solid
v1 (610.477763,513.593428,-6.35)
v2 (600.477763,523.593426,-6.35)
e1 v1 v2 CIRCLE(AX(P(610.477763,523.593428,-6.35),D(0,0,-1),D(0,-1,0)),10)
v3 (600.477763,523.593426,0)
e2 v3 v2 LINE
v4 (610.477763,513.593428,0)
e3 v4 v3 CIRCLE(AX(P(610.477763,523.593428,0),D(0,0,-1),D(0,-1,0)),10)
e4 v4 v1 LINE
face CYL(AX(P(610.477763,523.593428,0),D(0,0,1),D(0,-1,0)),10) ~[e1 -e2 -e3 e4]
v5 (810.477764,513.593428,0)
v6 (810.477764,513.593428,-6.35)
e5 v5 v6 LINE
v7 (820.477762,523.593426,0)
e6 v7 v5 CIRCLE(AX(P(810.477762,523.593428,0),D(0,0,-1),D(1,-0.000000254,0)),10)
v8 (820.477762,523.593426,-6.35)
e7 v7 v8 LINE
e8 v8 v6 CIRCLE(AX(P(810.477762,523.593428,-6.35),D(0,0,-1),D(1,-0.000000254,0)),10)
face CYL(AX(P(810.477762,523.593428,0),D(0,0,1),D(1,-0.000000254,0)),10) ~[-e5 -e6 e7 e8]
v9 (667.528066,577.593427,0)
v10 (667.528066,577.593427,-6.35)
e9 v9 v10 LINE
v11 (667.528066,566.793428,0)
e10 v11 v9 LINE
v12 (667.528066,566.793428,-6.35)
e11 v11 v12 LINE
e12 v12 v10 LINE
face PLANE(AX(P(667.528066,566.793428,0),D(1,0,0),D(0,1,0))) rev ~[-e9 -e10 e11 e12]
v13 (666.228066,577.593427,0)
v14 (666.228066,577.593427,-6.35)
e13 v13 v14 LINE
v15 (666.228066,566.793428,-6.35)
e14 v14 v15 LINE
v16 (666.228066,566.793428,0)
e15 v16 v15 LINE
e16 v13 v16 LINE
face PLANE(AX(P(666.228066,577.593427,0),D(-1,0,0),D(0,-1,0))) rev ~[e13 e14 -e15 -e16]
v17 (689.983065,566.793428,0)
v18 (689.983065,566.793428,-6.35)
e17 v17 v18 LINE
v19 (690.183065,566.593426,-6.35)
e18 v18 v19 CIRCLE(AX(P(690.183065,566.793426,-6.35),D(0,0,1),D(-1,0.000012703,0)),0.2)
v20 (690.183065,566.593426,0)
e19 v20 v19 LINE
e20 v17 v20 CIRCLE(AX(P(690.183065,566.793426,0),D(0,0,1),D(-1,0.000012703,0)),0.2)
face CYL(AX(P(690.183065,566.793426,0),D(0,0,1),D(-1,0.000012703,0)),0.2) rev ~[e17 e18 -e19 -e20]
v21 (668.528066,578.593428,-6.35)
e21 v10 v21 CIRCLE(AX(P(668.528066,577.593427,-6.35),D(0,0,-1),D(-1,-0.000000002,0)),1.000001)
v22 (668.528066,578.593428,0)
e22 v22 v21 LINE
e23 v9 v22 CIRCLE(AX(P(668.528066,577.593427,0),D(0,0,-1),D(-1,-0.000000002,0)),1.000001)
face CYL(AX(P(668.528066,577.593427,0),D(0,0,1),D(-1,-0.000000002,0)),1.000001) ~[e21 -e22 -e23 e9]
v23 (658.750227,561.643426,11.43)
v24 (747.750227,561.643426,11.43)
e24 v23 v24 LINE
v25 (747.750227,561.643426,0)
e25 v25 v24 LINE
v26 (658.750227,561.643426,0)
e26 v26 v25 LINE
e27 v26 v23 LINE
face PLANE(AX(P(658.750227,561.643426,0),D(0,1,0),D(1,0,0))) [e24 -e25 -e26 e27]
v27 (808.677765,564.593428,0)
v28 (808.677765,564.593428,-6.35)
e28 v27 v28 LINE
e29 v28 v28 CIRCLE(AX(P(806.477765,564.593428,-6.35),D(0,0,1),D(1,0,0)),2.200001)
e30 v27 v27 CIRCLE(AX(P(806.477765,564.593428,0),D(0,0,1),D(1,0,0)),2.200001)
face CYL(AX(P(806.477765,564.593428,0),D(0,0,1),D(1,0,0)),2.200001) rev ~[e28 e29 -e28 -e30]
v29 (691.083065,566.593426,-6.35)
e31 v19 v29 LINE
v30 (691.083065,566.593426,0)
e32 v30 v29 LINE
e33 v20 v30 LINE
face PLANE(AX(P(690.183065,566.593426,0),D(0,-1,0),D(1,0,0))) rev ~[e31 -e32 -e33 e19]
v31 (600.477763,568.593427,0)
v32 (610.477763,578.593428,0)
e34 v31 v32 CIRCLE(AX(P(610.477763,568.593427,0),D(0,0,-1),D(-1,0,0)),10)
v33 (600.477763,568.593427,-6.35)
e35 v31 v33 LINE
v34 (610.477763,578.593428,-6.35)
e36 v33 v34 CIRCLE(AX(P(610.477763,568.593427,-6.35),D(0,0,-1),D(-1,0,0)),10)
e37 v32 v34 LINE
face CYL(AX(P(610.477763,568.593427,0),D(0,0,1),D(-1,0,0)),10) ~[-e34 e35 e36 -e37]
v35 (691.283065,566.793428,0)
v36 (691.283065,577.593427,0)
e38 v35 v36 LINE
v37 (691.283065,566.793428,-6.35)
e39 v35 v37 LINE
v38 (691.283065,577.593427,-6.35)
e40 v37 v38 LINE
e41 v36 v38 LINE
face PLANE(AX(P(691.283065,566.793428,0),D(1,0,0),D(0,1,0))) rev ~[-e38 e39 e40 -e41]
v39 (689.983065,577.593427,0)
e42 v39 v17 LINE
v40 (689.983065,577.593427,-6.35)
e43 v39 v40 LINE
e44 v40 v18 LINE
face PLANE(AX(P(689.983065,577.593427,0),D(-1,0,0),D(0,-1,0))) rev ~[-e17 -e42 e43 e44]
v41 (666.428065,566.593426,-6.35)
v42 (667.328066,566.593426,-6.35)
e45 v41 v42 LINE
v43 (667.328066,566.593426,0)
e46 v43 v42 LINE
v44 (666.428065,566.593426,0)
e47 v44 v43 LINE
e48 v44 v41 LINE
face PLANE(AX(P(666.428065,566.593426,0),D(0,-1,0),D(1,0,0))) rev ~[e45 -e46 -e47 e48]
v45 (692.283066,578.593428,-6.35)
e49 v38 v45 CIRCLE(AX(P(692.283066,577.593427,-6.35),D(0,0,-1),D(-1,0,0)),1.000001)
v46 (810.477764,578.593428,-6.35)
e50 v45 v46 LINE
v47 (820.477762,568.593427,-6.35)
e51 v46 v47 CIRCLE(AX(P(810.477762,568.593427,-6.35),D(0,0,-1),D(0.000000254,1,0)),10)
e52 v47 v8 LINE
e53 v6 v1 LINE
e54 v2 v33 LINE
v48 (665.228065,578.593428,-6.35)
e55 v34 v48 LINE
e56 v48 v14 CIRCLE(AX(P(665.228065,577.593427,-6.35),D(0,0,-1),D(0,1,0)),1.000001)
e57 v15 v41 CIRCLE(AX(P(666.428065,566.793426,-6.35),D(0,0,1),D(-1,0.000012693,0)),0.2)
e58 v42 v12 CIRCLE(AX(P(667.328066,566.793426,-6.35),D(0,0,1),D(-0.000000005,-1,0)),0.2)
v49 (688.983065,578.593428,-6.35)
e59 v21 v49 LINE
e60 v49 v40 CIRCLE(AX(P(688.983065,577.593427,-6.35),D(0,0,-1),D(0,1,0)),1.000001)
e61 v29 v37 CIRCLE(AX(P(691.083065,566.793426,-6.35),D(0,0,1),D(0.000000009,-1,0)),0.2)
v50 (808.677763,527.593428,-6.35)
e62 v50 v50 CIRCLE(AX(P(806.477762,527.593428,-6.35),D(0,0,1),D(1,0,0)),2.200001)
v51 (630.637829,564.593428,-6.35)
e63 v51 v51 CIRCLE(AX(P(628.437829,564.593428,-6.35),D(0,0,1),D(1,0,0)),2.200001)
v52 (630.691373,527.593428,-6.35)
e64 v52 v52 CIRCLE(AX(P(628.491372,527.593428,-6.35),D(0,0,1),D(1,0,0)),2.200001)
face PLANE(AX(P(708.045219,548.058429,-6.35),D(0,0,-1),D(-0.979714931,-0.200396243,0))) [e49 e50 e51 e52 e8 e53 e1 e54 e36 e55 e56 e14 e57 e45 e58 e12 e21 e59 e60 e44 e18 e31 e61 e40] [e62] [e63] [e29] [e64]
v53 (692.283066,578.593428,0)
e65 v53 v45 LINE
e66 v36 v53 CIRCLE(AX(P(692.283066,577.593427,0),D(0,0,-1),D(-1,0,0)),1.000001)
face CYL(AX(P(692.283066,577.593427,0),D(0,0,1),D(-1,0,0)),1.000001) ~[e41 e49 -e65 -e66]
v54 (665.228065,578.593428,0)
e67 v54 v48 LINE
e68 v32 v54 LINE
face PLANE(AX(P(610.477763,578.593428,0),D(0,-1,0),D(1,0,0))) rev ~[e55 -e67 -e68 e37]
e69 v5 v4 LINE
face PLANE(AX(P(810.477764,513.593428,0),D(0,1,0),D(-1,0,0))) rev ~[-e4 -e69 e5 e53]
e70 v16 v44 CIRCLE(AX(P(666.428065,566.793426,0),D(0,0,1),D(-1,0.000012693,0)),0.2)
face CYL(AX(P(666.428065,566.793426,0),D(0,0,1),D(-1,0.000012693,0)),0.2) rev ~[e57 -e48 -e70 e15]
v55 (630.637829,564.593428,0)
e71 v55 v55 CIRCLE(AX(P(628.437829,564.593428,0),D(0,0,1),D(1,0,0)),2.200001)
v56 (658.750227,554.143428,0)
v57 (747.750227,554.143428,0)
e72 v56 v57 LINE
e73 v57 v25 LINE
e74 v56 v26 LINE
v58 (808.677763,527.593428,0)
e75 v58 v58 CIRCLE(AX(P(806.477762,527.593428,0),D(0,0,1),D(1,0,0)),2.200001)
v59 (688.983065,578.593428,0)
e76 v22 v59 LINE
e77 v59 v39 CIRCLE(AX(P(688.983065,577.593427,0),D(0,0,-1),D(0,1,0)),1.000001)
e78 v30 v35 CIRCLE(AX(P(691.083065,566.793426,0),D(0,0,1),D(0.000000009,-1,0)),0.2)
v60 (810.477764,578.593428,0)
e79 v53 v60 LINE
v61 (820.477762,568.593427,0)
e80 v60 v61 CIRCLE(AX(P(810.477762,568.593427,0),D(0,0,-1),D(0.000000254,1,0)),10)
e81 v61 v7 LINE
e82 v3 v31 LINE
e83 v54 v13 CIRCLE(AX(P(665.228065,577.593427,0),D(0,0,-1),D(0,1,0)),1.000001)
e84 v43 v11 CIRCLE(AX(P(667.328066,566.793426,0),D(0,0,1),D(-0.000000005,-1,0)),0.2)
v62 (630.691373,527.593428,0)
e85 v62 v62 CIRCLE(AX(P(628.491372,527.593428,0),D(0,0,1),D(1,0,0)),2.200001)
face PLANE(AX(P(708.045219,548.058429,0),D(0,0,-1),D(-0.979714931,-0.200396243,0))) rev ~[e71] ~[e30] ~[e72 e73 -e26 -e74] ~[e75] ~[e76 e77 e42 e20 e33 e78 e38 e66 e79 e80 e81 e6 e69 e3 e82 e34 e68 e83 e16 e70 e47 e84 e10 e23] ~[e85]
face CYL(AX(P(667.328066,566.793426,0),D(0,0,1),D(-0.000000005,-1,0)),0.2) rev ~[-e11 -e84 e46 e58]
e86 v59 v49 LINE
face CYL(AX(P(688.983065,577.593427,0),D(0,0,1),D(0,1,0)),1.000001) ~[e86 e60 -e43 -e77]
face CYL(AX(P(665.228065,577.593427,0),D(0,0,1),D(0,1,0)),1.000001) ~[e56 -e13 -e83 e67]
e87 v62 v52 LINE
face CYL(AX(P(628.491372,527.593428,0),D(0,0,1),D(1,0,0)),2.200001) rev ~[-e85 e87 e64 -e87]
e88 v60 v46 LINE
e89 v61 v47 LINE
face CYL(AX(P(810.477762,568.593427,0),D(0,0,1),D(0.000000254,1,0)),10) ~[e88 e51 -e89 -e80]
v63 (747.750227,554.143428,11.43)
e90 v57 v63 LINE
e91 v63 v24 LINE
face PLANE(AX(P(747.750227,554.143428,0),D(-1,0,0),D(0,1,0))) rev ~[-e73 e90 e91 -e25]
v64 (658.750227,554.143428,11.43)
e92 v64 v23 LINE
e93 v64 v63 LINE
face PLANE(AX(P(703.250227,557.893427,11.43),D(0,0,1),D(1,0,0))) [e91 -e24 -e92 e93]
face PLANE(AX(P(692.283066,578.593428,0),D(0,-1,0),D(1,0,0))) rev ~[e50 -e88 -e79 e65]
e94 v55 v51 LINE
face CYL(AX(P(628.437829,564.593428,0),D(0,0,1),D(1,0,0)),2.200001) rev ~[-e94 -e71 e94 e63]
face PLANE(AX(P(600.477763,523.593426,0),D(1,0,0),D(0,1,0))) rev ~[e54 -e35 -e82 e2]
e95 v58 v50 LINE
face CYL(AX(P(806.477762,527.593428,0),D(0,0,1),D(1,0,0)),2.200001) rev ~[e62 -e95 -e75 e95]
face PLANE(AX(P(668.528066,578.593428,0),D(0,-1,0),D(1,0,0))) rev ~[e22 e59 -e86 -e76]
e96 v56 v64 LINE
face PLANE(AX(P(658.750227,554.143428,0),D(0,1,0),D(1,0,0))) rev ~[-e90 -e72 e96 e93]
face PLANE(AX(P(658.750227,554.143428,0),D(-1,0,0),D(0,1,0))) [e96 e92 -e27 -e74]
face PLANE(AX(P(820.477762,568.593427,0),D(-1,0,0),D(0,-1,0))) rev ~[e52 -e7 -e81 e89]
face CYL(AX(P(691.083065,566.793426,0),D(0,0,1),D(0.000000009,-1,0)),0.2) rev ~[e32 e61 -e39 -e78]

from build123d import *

# Parameters (mm, degrees)
BOSS_EXTRUDE1_DEPTH = 6.35
SKETCH2_R           = 2.20000068
CUT_EXTRUDE1_DEPTH  = 1004.989260418
SKETCH3_W           = 88.9999998
SKETCH3_H           = 7.4999977
BOSS_EXTRUDE2_DEPTH = 11.43


with BuildPart() as part:
    # 3DSketch1 → Boss-Extrude1 (new body)
    with BuildSketch(Plane(origin=(600.47776272, 523.59342576, 0), x_dir=(0.9797149309198314, 0.20039624281096213, 0), z_dir=(0, 0, 1))):
        with BuildLine():
            Line((0, 0), (9.017831215, 44.087173302))
            ThreePointArc((9.017831215, 44.087173302), (13.304365371, 50.427857212), (20.81894333, 51.880360433))
            Line((20.81894333, 51.880360433), (74.458631652, 40.908605623))
            ThreePointArc((74.458631652, 40.908605623), (75.092700365, 40.47995199), (75.237950761, 39.728493812))
            Line((75.237950761, 39.728493812), (73.073671595, 29.147573812))
            ThreePointArc((73.073671595, 29.147573812), (73.102720392, 28.99728113), (73.229534512, 28.911549561))
            Line((73.229534512, 28.911549561), (74.111278675, 28.731192794))
            ThreePointArc((74.111278675, 28.731192794), (74.261570989, 28.760243499), (74.347300947, 28.887058709))
            Line((74.347300947, 28.887058709), (76.511580113, 39.467978708))
            ThreePointArc((76.511580113, 39.467978708), (76.940233746, 40.102047422), (77.691691924, 40.247297817))
            Line((77.691691924, 40.247297817), (97.731759327, 36.148192979))
            ThreePointArc((97.731759327, 36.148192979), (98.36582804, 35.719539346), (98.511078436, 34.968081168))
            Line((98.511078436, 34.968081168), (96.34679927, 24.387161168))
            ThreePointArc((96.34679927, 24.387161168), (96.375848066, 24.236868486), (96.502662187, 24.151136917))
            Line((96.502662187, 24.151136917), (97.38440635, 23.97078015))
            ThreePointArc((97.38440635, 23.97078015), (97.534698663, 23.999830856), (97.620428621, 24.126646065))
            Line((97.620428621, 24.126646065), (99.784707787, 34.707566065))
            ThreePointArc((99.784707787, 34.707566065), (100.21336142, 35.341634778), (100.964819598, 35.486885174))
            Line((100.964819598, 35.486885174), (216.761930807, 11.801111606))
            ThreePointArc((216.761930807, 11.801111606), (223.102612928, 7.514576899), (224.555115449, 0))
            Line((224.555115449, 0), (215.537284234, -44.087173302))
            ThreePointArc((215.537284234, -44.087173302), (211.250750587, -50.427854723), (203.736175117, -51.880358453))
            Line((203.736175117, -51.880358453), (7.793187639, -11.801109626))
            ThreePointArc((7.793187639, -11.801109626), (1.45250443, -7.514576531), (0, 0))
        make_face()
    extrude(amount=-BOSS_EXTRUDE1_DEPTH)

    # Sketch2 → Cut-Extrude1 (cut, through all)
    with BuildSketch(Plane.XY):
        with Locations((806.4777622, 527.59342792)):
            Circle(SKETCH2_R)
        with Locations((806.47776474, 564.59342758)):
            Circle(SKETCH2_R)
        with Locations((628.49137192, 527.59342792)):
            Circle(SKETCH2_R)
        with Locations((628.43782872, 564.59342758)):
            Circle(SKETCH2_R)
    extrude(amount=-CUT_EXTRUDE1_DEPTH, mode=Mode.SUBTRACT)

    # Sketch3 → Boss-Extrude2 (add)
    with BuildSketch(Plane.XY):
        with Locations((703.25022672, 557.89342701)):
            Rectangle(SKETCH3_W, SKETCH3_H)
    extrude(amount=BOSS_EXTRUDE2_DEPTH)


solid = part.part
